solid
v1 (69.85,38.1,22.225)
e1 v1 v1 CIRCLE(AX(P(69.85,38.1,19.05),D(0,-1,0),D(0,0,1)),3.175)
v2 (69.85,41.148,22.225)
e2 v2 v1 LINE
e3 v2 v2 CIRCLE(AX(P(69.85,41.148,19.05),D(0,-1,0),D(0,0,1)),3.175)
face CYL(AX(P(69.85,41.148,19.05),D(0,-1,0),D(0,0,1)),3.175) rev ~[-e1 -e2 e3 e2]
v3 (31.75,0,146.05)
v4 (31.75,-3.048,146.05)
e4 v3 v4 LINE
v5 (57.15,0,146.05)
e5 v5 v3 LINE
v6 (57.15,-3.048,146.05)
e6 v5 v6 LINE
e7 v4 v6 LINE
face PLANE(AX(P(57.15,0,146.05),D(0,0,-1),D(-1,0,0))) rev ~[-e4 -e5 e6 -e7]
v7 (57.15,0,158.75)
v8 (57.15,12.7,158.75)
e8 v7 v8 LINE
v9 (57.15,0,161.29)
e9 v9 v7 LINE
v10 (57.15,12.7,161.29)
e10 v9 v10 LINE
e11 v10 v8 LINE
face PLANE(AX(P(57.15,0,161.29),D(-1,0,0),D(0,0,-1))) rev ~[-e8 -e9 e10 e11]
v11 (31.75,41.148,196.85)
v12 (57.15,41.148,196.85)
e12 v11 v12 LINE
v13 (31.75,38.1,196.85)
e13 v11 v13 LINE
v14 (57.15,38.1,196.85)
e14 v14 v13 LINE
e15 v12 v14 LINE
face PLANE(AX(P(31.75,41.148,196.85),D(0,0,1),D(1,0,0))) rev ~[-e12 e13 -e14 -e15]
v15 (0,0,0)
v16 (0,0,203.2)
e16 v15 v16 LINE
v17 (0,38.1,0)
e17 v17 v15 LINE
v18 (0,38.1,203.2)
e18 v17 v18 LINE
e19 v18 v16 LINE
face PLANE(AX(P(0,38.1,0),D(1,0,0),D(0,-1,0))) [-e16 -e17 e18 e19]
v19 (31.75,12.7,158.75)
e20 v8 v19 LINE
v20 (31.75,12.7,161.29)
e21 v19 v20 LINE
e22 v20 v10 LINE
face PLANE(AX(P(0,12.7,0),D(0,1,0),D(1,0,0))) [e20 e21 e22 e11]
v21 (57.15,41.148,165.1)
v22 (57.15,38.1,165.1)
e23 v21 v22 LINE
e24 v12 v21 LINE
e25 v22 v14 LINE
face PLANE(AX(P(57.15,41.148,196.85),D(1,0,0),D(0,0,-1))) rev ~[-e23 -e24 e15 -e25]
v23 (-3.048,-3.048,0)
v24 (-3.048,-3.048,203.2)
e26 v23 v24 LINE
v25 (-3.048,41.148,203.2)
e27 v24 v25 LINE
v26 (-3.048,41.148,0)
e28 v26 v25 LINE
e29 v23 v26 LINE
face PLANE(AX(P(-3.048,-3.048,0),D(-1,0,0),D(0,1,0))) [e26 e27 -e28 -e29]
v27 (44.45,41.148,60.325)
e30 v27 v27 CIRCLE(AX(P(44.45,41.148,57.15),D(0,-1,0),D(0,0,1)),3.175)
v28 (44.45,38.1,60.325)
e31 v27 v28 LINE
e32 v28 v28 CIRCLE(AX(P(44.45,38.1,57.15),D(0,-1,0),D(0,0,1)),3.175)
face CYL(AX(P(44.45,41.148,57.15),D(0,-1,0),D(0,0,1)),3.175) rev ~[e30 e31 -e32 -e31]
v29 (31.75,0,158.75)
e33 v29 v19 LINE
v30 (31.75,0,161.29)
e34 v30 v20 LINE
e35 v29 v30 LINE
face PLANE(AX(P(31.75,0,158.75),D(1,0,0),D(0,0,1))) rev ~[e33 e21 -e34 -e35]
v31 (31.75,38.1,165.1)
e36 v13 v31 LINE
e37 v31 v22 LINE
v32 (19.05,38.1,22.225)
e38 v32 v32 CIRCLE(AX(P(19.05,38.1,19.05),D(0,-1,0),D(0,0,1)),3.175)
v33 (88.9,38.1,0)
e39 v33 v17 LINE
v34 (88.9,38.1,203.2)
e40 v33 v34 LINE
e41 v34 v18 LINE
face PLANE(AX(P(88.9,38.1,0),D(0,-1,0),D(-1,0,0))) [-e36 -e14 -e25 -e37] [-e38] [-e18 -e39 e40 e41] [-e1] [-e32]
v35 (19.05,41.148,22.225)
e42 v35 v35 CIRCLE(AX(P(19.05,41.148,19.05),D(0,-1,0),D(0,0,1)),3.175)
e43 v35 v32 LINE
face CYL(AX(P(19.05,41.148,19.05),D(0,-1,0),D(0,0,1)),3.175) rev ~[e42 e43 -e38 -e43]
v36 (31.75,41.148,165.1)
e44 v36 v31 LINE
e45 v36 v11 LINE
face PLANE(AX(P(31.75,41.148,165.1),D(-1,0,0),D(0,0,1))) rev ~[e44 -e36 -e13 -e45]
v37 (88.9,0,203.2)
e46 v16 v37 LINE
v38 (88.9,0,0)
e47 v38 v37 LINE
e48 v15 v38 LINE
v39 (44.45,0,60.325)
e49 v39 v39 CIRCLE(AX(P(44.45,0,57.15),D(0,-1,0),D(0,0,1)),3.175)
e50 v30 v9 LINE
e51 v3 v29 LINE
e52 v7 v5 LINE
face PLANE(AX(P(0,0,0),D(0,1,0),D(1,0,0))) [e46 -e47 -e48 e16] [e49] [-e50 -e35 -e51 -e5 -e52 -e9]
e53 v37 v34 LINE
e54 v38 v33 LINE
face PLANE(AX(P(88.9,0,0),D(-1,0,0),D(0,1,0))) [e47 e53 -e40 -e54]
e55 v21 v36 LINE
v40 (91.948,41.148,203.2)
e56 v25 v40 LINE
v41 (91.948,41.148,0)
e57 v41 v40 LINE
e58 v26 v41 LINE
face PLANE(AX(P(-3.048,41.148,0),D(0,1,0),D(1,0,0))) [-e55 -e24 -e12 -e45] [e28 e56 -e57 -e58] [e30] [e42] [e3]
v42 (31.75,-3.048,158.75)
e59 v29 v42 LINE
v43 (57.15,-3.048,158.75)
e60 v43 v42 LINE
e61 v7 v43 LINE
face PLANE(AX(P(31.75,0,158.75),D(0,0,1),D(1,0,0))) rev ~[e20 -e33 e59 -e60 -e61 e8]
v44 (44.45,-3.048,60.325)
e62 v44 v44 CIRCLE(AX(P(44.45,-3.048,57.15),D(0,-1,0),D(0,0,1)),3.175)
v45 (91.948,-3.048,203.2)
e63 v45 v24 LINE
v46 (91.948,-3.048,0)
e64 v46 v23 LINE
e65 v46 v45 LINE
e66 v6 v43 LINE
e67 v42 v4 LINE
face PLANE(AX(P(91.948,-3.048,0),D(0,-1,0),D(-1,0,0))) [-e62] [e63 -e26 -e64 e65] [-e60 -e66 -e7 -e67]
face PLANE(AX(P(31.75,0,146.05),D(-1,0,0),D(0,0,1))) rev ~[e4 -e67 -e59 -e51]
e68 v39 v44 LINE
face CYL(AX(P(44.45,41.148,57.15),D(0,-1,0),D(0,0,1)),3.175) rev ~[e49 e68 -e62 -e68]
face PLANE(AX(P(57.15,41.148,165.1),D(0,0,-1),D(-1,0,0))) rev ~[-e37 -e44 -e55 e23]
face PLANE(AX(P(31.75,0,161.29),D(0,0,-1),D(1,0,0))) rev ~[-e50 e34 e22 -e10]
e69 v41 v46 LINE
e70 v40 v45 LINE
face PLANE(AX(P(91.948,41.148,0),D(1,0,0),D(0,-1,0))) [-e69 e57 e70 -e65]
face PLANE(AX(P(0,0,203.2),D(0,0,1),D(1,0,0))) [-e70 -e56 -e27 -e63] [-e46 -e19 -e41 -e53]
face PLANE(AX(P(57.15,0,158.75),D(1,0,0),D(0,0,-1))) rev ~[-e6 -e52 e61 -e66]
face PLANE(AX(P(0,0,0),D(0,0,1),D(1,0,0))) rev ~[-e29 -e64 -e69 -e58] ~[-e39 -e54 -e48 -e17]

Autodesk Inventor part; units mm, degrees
ref_plane "YZ Plane" through (0, 0, 0) normal (1, 0, 0) x (0, 1, 0)
ref_plane "XZ Plane" through (0, 0, 0) normal (0, 1, 0) x (-1, 0, 0)
ref_plane "XY Plane" through (0, 0, 0) normal (0, 0, 1) x (1, 0, 0)
sketch "Sketch1" plane through (0, 0, 0) normal (0, 0, 1) x (1, 0, 0)
  line L0 (0, 0) -> (88.9, 0)
  line L1 (88.9, 0) -> (88.9, 38.1)
  line L2 (88.9, 38.1) -> (0, 38.1)
  line L3 (0, 38.1) -> (0, 0)
  line L4 (-3.048, 41.148) -> (91.948, 41.148)
  line L5 (91.948, 41.148) -> (91.948, -3.048)
  line L6 (91.948, -3.048) -> (-3.048, -3.048)
  line L7 (-3.048, -3.048) -> (-3.048, 41.148)
  dimension "d0" = 88.9
  dimension "d1" = 38.1
  dimension "d2" = 3.048
extrude "Extrusion1" add sketch "Sketch1" along normal blind 203.2
sketch "Sketch3" plane through (-3.048, 41.148, 0) normal (0, 1, 0) x (1, 0, 0)
  line L0 (0, 0) -> (0, -203.2) projected
  line L1 (94.996, -203.2) -> (0, -203.2) projected
  line L2 (15.24, -203.2) -> (17.78, -203.2)
  line L3 (17.78, -203.2) -> (17.78, -177.8)
  line L4 (17.78, -177.8) -> (15.24, -177.8)
  line L5 (15.24, -177.8) -> (15.24, -203.2)
  line L6 (47.498, -203.2) -> (47.498, -149.4712) construction
  line L7 (79.756, -203.2) -> (77.216, -203.2)
  line L8 (77.216, -203.2) -> (77.216, -177.8)
  line L9 (77.216, -177.8) -> (79.756, -177.8)
  line L10 (79.756, -177.8) -> (79.756, -203.2)
  point P0 (3.048, 0)
  dimension "d10" = 2.54
  dimension "d11" = 25.4
  dimension "d12" = 15.24
extrude "Extrusion3" [suppressed]
sketch "Sketch4" plane through (-3.048, 41.148, 0) normal (0, 1, 0) x (1, 0, 0)
  line L0 (94.996, -203.2) -> (0, -203.2) projected
  line L1 (94.996, -203.2) -> (0, -203.2) projected
  line L2 (15.24, -177.8) -> (2.54, -177.8)
  line L3 (2.54, -177.8) -> (2.54, -203.2)
  line L4 (2.54, -203.2) -> (15.24, -203.2)
  line L5 (15.24, -203.2) -> (15.24, -177.8)
  line L6 (47.498, -203.2) -> (47.498, -154.3799) construction
  line L7 (79.756, -203.2) -> (79.756, -177.8)
  line L8 (79.756, -177.8) -> (92.456, -177.8)
  line L9 (92.456, -177.8) -> (92.456, -203.2)
  line L10 (92.456, -203.2) -> (79.756, -203.2)
  line L11 (79.756, -203.2) -> (79.756, -177.8)
  point P0 (17.78, -203.2)
  point P1 (77.216, -203.2)
  point P2 (15.24, -203.2)
  point P3 (3.048, 0)
  dimension "d15" = 12.7
extrude "Extrusion4" [suppressed]
sketch "Sketch5" plane through (0, 0, 0) normal (0, 1, 0) x (1, 0, 0)
  line L0 (0, 0) -> (0, -203.2) projected
  line L1 (88.9, -203.2) -> (0, -203.2) projected
  line L2 (31.75, -161.29) -> (57.15, -161.29)
  line L3 (57.15, -161.29) -> (57.15, -158.75)
  line L4 (57.15, -158.75) -> (31.75, -158.75)
  line L5 (31.75, -158.75) -> (31.75, -161.29)
  dimension "d18" = 25.4
  dimension "d19" = 31.75
  dimension "d20" = 44.45
  dimension "d21" = 2.54
extrude "Extrusion5" add sketch "Sketch5" along normal blind 12.7
sketch "Sketch6" plane through (0, 0, 0) normal (0, 1, 0) x (1, 0, 0)
  line L0 (31.75, -158.75) -> (57.15, -158.75)
  line L1 (57.15, -158.75) -> (57.15, -146.05)
  line L2 (57.15, -146.05) -> (31.75, -146.05)
  line L3 (31.75, -146.05) -> (31.75, -158.75)
  dimension "d24" = 25.4
  dimension "d25" = 12.7
extrude "Extrusion6" cut sketch "Sketch6" against normal blind 12.7
sketch "Sketch7" plane through (12.192, 38.1, 203.2) normal (-1, 0, 0) x (0, 0, 1)
  line L0 (-25.4, 15.748) -> (0, 15.748) projected
  circle A0 centre (-12.7, 10.668) radius 0.6717
  point P0 (-203.2, -38.1)
  dimension "d28" = 5.08
hole "Hole1" [suppressed]
sketch "Sketch11" plane through (-3.048, 41.148, 0) normal (0, 1, 0) x (1, 0, 0)
  line L0 (0, 0) -> (94.996, 0) projected
  line L1 (94.996, -203.2) -> (0, -203.2) projected
  line L2 (47.498, 0) -> (47.498, -203.2) construction
  line L3 (34.798, -196.85) -> (60.198, -196.85)
  line L4 (60.198, -196.85) -> (60.198, -165.1)
  line L5 (60.198, -165.1) -> (34.798, -165.1)
  line L6 (34.798, -165.1) -> (34.798, -196.85)
  point P0 (3.048, 0)
  dimension "d60" = 6.35
  dimension "d61" = 31.75
  dimension "d62" = 25.4
extrude "Extrusion8" cut sketch "Sketch11" against normal blind 12.7
sketch "Sketch12" plane through (-3.048, 41.148, 0) normal (0, 1, 0) x (1, 0, 0)
  line L0 (0, 0) -> (94.996, 0) projected
  line L1 (0, 0) -> (0, -203.2) projected
  circle A0 centre (22.098, -19.05) radius 3.175
  circle A1 centre (72.898, -19.05) radius 3.175
  point P0 (3.048, 0)
  dimension "d65" = 6.35
  dimension "d66" = 19.05
  dimension "d67" = 22.098
  dimension "d68" = 6.35
  dimension "d70" = 50.8
hole "Hole3" at (19.05, 41.148, 19.05) at (69.85, 41.148, 19.05) direction (0, -1, 0) diameter 6.35 depth 25.4 tip angle 118
sketch "Sketch13" plane through (-3.048, 41.148, 0) normal (0, 1, 0) x (1, 0, 0)
  circle A0 centre (22.098, -19.05) radius 3.175 projected
  circle A1 centre (72.898, -19.05) radius 3.175 projected
  line L0 (94.996, 0) -> (94.996, -203.2) projected
  line L1 (22.098, -19.05) -> (72.898, -19.05) construction
  circle A2 centre (47.498, -57.15) radius 3.5871
  point P0 (3.048, 0)
  dimension "d80" = 38.1
hole "Hole4" at (44.45, 41.148, 57.15) direction (0, -1, 0) diameter 6.35 end through all
properties part number "2p1h37" material "Steel, Galvanized"
